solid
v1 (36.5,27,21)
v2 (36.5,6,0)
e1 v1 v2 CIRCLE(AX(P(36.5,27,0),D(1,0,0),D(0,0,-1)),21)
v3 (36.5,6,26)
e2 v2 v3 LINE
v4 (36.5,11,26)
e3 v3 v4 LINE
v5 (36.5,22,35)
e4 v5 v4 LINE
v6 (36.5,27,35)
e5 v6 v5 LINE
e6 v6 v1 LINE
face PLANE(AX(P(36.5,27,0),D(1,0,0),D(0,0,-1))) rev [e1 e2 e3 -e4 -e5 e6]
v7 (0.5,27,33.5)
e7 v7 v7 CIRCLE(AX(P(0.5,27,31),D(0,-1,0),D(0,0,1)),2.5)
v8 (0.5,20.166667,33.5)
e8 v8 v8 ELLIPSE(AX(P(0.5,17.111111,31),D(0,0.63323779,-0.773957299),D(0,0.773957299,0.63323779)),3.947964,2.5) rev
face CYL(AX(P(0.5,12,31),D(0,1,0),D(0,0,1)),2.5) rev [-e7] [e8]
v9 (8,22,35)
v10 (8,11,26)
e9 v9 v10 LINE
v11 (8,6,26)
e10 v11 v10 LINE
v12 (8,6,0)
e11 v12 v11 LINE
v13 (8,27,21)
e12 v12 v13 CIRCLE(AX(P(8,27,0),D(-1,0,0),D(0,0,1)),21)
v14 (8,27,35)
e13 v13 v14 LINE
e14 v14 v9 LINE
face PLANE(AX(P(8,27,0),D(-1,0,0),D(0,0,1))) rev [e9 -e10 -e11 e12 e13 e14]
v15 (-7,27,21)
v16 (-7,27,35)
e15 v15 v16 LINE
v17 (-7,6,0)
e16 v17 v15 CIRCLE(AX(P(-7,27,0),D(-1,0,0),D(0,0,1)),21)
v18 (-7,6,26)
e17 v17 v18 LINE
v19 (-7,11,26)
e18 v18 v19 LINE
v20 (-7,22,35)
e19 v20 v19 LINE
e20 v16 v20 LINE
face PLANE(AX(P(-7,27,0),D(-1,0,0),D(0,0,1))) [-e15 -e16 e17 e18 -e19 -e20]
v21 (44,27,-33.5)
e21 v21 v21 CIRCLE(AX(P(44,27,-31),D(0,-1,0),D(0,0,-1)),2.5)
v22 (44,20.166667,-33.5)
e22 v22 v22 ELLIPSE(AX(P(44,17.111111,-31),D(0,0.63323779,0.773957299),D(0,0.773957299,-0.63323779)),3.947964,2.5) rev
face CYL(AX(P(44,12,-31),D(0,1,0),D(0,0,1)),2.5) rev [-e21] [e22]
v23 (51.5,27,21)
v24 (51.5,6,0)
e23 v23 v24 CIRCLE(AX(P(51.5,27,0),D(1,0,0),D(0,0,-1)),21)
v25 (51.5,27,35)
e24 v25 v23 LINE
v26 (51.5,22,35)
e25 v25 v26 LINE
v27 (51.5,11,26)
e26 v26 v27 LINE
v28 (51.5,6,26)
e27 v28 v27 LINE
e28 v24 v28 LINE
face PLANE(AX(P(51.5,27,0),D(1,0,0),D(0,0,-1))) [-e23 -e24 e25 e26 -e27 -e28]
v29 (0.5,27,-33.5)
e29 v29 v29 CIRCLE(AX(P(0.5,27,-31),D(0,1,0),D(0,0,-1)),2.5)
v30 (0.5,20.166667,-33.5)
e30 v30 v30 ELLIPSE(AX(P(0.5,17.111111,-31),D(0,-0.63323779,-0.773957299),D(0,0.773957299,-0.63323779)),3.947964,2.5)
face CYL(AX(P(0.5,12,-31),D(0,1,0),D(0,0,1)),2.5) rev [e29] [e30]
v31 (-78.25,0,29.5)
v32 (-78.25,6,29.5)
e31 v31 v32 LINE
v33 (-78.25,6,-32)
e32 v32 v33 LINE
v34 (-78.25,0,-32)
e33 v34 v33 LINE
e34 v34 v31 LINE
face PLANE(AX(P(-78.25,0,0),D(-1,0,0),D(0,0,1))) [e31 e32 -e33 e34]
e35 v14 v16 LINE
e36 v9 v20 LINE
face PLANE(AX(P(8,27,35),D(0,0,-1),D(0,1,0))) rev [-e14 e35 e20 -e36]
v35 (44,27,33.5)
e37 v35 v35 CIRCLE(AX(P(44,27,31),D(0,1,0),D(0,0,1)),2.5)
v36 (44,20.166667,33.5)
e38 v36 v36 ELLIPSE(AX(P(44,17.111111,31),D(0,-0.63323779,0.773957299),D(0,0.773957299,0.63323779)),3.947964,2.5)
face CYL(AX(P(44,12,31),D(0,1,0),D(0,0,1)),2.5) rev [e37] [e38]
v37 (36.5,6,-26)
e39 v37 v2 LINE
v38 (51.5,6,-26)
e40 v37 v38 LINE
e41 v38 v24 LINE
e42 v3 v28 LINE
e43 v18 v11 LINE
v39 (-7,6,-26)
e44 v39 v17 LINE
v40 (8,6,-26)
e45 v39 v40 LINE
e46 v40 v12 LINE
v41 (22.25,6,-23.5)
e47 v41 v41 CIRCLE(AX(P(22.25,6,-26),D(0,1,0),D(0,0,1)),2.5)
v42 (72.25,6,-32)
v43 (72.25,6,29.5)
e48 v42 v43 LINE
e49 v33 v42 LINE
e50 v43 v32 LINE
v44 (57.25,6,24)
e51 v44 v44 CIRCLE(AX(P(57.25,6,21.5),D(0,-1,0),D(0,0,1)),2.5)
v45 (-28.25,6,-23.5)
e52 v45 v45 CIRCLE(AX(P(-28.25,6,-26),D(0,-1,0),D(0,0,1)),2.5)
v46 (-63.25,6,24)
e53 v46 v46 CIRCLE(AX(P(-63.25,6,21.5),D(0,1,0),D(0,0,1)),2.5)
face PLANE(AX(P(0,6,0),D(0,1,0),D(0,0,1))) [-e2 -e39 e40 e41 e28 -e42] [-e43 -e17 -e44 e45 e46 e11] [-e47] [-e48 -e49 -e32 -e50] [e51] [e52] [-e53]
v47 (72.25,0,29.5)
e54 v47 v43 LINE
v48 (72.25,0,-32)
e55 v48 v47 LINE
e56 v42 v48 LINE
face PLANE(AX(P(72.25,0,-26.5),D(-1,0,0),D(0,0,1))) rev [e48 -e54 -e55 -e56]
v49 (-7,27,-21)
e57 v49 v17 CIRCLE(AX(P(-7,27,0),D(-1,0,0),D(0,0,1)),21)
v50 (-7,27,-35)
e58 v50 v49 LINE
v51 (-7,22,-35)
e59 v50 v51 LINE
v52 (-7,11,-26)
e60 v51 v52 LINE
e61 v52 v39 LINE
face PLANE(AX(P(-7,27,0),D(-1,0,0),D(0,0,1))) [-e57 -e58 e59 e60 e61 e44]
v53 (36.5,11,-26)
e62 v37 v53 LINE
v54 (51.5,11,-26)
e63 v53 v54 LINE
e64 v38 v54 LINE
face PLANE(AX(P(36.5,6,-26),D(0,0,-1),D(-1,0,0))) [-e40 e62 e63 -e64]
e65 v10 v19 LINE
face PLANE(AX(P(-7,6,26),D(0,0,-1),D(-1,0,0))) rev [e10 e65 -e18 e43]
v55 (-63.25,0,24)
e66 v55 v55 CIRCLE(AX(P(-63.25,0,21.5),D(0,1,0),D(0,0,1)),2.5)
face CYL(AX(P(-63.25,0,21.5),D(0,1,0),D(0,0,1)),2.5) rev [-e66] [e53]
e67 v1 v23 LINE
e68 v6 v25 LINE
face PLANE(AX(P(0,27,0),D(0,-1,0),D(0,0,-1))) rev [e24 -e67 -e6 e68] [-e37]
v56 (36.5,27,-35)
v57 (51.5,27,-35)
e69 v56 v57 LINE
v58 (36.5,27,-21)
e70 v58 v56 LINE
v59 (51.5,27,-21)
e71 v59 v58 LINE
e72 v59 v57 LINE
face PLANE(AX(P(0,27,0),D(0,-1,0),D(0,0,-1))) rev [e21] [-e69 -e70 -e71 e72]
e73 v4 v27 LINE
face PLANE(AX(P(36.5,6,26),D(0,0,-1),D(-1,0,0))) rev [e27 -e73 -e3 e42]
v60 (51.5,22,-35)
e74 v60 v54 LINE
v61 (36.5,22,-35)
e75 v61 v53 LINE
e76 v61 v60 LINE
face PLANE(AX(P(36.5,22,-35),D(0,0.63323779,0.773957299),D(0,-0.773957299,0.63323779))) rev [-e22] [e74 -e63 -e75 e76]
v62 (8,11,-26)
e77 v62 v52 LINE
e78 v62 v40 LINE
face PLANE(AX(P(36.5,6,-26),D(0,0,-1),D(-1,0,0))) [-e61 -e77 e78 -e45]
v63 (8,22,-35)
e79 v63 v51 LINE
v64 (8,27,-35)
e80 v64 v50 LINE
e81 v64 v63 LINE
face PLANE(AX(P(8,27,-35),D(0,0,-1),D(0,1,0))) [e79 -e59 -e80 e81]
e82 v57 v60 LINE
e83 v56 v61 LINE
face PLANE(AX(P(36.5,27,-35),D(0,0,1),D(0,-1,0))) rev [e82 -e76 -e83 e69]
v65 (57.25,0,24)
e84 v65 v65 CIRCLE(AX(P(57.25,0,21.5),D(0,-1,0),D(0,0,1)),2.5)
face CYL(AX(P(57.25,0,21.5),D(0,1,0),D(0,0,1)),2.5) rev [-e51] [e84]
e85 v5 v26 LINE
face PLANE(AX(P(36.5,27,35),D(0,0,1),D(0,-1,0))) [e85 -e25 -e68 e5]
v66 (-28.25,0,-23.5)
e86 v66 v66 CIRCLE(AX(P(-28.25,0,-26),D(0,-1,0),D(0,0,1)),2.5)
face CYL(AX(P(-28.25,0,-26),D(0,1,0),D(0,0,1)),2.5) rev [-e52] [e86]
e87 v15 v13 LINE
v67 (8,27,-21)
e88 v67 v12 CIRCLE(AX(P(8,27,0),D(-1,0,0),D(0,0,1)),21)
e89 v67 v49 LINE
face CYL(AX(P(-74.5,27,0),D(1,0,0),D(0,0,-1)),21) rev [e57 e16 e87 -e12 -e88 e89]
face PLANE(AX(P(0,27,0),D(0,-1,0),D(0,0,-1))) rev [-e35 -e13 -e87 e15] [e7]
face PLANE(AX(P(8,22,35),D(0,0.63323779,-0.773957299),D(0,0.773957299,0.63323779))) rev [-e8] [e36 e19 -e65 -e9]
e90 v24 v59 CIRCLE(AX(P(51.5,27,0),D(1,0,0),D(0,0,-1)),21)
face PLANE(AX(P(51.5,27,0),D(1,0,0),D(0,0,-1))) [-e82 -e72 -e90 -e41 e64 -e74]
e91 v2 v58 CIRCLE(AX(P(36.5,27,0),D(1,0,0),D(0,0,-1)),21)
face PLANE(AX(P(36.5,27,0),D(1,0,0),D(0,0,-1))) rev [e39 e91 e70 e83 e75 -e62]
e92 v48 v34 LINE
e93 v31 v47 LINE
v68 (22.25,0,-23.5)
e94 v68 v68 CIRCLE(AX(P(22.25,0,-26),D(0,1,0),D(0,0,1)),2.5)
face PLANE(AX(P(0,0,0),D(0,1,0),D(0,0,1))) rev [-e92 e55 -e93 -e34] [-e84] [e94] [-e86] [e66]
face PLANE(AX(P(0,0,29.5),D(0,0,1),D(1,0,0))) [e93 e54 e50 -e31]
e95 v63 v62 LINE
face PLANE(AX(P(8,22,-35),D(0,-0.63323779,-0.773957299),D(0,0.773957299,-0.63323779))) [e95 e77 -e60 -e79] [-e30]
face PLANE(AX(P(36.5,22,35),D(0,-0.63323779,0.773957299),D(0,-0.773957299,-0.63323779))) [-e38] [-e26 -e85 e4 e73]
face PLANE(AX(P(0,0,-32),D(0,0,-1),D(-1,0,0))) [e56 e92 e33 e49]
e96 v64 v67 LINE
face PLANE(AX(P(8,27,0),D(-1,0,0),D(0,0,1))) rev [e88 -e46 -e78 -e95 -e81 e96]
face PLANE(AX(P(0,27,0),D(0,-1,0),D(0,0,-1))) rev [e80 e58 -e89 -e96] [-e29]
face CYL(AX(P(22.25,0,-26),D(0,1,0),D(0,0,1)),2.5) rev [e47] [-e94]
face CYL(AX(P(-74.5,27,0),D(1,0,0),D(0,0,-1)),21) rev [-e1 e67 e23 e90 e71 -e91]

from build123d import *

# Parameters (mm, degrees)
CROQUIS1_W                = 149
CROQUIS1_H                = 53
SALIENTE_EXTRUIR1_DEPTH   = 6
SALIENTE_EXTRUIR2_DEPTH   = 15
SALIENTE_EXTRUIR5_DEPTH   = 15
CROQUIS3_R                = 21
CORTAR_EXTRUIR2_DEPTH     = 140.238105417
CROQUIS10_W               = 149
CROQUIS10_H               = 6
SALIENTE_EXTRUIR23_DEPTH  = 3
CROQUIS11_W               = 2.25
CROQUIS11_H               = 56
CORTAR_EXTRUIR3_DEPTH     = 93.895102131
CROQUIS12_W               = 56
CROQUIS12_H               = 6
SALIENTE_EXTRUIR24_DEPTH  = 3.75
CROQUIS13_W               = 150.5
CROQUIS13_H               = 0.5
CORTAR_EXTRUIR4_DEPTH     = 96.928684448
CROQUIS14_W               = 169.427236994
CROQUIS14_H               = 76.033419256
CORTAR_EXTRUIR5_DEPTH     = 88.876689173
SALIENTE_EXTRUIR25_DEPTH  = 15
CROQUIS16_R               = 2.5
CORTAR_EXTRUIR6_DEPTH     = 15
SIMETR_A2_COPY_1_DEPTH    = 15
SIMETR_A2_COPY_2_SKETCH_R = 2.5
SIMETR_A2_COPY_2_DEPTH    = 15
CROQUIS17_R               = 2.5
CORTAR_EXTRUIR7_DEPTH     = 89.255665541
CROQUIS19_W               = 150.5
CROQUIS19_H               = 6
SALIENTE_EXTRUIR26_DEPTH  = 6
CROQUIS20_R               = 2.5
CORTAR_EXTRUIR8_DEPTH     = 89.255665541


with BuildPart() as part:
    # Croquis1 → Saliente-Extruir1 (new body)
    with BuildSketch(Plane(origin=(0, 0, 0), x_dir=(1, 0, 0), z_dir=(0, 1, 0))):
        Rectangle(CROQUIS1_W, CROQUIS1_H)
    extrude(amount=SALIENTE_EXTRUIR1_DEPTH)

    # Croquis2 → Saliente-Extruir2 (add)
    with BuildSketch(Plane(origin=(51.5, 0, 0), x_dir=(0, 0, -1), z_dir=(1, 0, 0))):
        with BuildLine():
            Line((26, 6), (-26, 6))
            Line((-26, 6), (-26, 27))
            ThreePointArc((-26, 27), (0, 53), (26, 27))
            Line((26, 27), (26, 6))
        make_face()
    extrude(amount=-SALIENTE_EXTRUIR2_DEPTH)

    # Croquis5 → Saliente-Extruir5 (add)
    with BuildSketch(Plane.ZY.offset(-8)):
        with BuildLine():
            Line((-26, 6), (26, 6))
            Line((26, 6), (26, 27))
            ThreePointArc((26, 27), (0, 53), (-26, 27))
            Line((-26, 27), (-26, 6))
        make_face()
    extrude(amount=SALIENTE_EXTRUIR5_DEPTH)

    # Croquis3 → Cortar-Extruir2 (cut, through all)
    with BuildSketch(Plane(origin=(51.5, 0, 0), x_dir=(0, 0, -1), z_dir=(1, 0, 0))):
        with Locations(Location((0, 27, 0), (0, 0, 270))):
            Circle(CROQUIS3_R)
    extrude(amount=-CORTAR_EXTRUIR2_DEPTH, mode=Mode.SUBTRACT)

    # Croquis10 → Saliente-Extruir23 (add)
    with BuildSketch(Plane.XY.offset(26.5)):
        with Locations((0, 3)):
            Rectangle(CROQUIS10_W, CROQUIS10_H)
    extrude(amount=SALIENTE_EXTRUIR23_DEPTH)

    # Croquis11 → Cortar-Extruir3 (cut, through all)
    with BuildSketch(Plane(origin=(0, 6, 0), x_dir=(1, 0, 0), z_dir=(0, 1, 0))):
        with Locations((73.375, -1.5)):
            Rectangle(CROQUIS11_W, CROQUIS11_H)
    extrude(amount=-CORTAR_EXTRUIR3_DEPTH, mode=Mode.SUBTRACT)

    # Croquis12 → Saliente-Extruir24 (add)
    with BuildSketch(Plane.ZY.offset(74.5)):
        with Locations((1.5, 3)):
            Rectangle(CROQUIS12_W, CROQUIS12_H)
    extrude(amount=SALIENTE_EXTRUIR24_DEPTH)

    # Croquis13 → Cortar-Extruir4 (cut, through all)
    with BuildSketch(Plane(origin=(0, 6, 0), x_dir=(1, 0, 0), z_dir=(0, 1, 0))):
        with Locations((-3, 26.25)):
            Rectangle(CROQUIS13_W, CROQUIS13_H)
    extrude(amount=-CORTAR_EXTRUIR4_DEPTH, mode=Mode.SUBTRACT)

    # Croquis14 → Cortar-Extruir5 (cut, through all)
    with BuildSketch(Plane(origin=(0, 27, 0), x_dir=(-1, 0, 0), z_dir=(0, -1, 0))):
        Rectangle(CROQUIS14_W, CROQUIS14_H)
    extrude(amount=-CORTAR_EXTRUIR5_DEPTH, mode=Mode.SUBTRACT)

    # Croquis15 → Saliente-Extruir25 (add)
    with BuildSketch(Plane(origin=(51.5, 0, 0), x_dir=(0, 0, -1), z_dir=(1, 0, 0))):
        Polygon((-26, 27), (-35, 27), (-35, 22), (-26, 11), align=None)
    saliente_extruir25 = extrude(amount=-SALIENTE_EXTRUIR25_DEPTH)

    # Croquis16 → Cortar-Extruir6 (cut)
    with BuildSketch(Plane(origin=(0, 27, 0), x_dir=(1, 0, 0), z_dir=(0, 1, 0))):
        with Locations(Location((44, -31, 0), (0, 0, 270))):
            Circle(CROQUIS16_R)
    cortar_extruir6 = extrude(amount=-CORTAR_EXTRUIR6_DEPTH, mode=Mode.SUBTRACT)

    # Simetría1: Saliente-Extruir25, Cortar-Extruir6 across plane
    add(saliente_extruir25.mirror(Plane.ZY.offset(-22.25)))
    add(cortar_extruir6.mirror(Plane.ZY.offset(-22.25)), mode=Mode.SUBTRACT)

    # Simetría2: Saliente-Extruir25, Cortar-Extruir6 across plane
    add(saliente_extruir25.mirror(Plane.XY))
    add(cortar_extruir6.mirror(Plane.XY), mode=Mode.SUBTRACT)

    # Simetría2 copy 1 sketch → Simetría2 copy 1 (add)
    with BuildSketch(Plane.ZY.offset(7)):
        Polygon((-26, 27), (-35, 27), (-35, 22), (-26, 11), align=None)
    extrude(amount=-SIMETR_A2_COPY_1_DEPTH)

    # Simetría2 copy 2 sketch → Simetría2 copy 2 (cut)
    with BuildSketch(Plane(origin=(44.5, 27, 0), x_dir=(-1, 0, 0), z_dir=(0, 1, 0))):
        with Locations(Location((44, -31, 0), (0, 0, 270))):
            Circle(SIMETR_A2_COPY_2_SKETCH_R)
    extrude(amount=-SIMETR_A2_COPY_2_DEPTH, mode=Mode.SUBTRACT)

    # Croquis17 → Cortar-Extruir7 (cut, through all)
    with BuildSketch(Plane(origin=(0, 6, 0), x_dir=(1, 0, 0), z_dir=(0, 1, 0))):
        with Locations(Location((-63.25, -21.5, 0), (0, 0, 270))):
            Circle(CROQUIS17_R)
    cortar_extruir7 = extrude(amount=-CORTAR_EXTRUIR7_DEPTH, mode=Mode.SUBTRACT)

    # Croquis19 → Saliente-Extruir26 (add)
    with BuildSketch(Plane(origin=(0, 0, -26), x_dir=(-1, 0, 0), z_dir=(0, 0, -1))):
        with Locations((3, 3)):
            Rectangle(CROQUIS19_W, CROQUIS19_H)
    extrude(amount=SALIENTE_EXTRUIR26_DEPTH)

    # Simetría5: Cortar-Extruir7 across plane
    add(cortar_extruir7.mirror(Plane(origin=(-3, 0, 0), x_dir=(0, 0, 1), z_dir=(1, 0, 0))), mode=Mode.SUBTRACT)

    # Croquis20 → Cortar-Extruir8 (cut, through all)
    with BuildSketch(Plane(origin=(0, 6, 0), x_dir=(1, 0, 0), z_dir=(0, 1, 0))):
        with Locations(Location((22.25, 26, 0), (0, 0, 270))):
            Circle(CROQUIS20_R)
    cortar_extruir8 = extrude(amount=-CORTAR_EXTRUIR8_DEPTH, mode=Mode.SUBTRACT)

    # Simetría6: Cortar-Extruir8 across plane
    add(cortar_extruir8.mirror(Plane(origin=(-3, 0, 0), x_dir=(0, 0, 1), z_dir=(1, 0, 0))), mode=Mode.SUBTRACT)


solid = part.part
